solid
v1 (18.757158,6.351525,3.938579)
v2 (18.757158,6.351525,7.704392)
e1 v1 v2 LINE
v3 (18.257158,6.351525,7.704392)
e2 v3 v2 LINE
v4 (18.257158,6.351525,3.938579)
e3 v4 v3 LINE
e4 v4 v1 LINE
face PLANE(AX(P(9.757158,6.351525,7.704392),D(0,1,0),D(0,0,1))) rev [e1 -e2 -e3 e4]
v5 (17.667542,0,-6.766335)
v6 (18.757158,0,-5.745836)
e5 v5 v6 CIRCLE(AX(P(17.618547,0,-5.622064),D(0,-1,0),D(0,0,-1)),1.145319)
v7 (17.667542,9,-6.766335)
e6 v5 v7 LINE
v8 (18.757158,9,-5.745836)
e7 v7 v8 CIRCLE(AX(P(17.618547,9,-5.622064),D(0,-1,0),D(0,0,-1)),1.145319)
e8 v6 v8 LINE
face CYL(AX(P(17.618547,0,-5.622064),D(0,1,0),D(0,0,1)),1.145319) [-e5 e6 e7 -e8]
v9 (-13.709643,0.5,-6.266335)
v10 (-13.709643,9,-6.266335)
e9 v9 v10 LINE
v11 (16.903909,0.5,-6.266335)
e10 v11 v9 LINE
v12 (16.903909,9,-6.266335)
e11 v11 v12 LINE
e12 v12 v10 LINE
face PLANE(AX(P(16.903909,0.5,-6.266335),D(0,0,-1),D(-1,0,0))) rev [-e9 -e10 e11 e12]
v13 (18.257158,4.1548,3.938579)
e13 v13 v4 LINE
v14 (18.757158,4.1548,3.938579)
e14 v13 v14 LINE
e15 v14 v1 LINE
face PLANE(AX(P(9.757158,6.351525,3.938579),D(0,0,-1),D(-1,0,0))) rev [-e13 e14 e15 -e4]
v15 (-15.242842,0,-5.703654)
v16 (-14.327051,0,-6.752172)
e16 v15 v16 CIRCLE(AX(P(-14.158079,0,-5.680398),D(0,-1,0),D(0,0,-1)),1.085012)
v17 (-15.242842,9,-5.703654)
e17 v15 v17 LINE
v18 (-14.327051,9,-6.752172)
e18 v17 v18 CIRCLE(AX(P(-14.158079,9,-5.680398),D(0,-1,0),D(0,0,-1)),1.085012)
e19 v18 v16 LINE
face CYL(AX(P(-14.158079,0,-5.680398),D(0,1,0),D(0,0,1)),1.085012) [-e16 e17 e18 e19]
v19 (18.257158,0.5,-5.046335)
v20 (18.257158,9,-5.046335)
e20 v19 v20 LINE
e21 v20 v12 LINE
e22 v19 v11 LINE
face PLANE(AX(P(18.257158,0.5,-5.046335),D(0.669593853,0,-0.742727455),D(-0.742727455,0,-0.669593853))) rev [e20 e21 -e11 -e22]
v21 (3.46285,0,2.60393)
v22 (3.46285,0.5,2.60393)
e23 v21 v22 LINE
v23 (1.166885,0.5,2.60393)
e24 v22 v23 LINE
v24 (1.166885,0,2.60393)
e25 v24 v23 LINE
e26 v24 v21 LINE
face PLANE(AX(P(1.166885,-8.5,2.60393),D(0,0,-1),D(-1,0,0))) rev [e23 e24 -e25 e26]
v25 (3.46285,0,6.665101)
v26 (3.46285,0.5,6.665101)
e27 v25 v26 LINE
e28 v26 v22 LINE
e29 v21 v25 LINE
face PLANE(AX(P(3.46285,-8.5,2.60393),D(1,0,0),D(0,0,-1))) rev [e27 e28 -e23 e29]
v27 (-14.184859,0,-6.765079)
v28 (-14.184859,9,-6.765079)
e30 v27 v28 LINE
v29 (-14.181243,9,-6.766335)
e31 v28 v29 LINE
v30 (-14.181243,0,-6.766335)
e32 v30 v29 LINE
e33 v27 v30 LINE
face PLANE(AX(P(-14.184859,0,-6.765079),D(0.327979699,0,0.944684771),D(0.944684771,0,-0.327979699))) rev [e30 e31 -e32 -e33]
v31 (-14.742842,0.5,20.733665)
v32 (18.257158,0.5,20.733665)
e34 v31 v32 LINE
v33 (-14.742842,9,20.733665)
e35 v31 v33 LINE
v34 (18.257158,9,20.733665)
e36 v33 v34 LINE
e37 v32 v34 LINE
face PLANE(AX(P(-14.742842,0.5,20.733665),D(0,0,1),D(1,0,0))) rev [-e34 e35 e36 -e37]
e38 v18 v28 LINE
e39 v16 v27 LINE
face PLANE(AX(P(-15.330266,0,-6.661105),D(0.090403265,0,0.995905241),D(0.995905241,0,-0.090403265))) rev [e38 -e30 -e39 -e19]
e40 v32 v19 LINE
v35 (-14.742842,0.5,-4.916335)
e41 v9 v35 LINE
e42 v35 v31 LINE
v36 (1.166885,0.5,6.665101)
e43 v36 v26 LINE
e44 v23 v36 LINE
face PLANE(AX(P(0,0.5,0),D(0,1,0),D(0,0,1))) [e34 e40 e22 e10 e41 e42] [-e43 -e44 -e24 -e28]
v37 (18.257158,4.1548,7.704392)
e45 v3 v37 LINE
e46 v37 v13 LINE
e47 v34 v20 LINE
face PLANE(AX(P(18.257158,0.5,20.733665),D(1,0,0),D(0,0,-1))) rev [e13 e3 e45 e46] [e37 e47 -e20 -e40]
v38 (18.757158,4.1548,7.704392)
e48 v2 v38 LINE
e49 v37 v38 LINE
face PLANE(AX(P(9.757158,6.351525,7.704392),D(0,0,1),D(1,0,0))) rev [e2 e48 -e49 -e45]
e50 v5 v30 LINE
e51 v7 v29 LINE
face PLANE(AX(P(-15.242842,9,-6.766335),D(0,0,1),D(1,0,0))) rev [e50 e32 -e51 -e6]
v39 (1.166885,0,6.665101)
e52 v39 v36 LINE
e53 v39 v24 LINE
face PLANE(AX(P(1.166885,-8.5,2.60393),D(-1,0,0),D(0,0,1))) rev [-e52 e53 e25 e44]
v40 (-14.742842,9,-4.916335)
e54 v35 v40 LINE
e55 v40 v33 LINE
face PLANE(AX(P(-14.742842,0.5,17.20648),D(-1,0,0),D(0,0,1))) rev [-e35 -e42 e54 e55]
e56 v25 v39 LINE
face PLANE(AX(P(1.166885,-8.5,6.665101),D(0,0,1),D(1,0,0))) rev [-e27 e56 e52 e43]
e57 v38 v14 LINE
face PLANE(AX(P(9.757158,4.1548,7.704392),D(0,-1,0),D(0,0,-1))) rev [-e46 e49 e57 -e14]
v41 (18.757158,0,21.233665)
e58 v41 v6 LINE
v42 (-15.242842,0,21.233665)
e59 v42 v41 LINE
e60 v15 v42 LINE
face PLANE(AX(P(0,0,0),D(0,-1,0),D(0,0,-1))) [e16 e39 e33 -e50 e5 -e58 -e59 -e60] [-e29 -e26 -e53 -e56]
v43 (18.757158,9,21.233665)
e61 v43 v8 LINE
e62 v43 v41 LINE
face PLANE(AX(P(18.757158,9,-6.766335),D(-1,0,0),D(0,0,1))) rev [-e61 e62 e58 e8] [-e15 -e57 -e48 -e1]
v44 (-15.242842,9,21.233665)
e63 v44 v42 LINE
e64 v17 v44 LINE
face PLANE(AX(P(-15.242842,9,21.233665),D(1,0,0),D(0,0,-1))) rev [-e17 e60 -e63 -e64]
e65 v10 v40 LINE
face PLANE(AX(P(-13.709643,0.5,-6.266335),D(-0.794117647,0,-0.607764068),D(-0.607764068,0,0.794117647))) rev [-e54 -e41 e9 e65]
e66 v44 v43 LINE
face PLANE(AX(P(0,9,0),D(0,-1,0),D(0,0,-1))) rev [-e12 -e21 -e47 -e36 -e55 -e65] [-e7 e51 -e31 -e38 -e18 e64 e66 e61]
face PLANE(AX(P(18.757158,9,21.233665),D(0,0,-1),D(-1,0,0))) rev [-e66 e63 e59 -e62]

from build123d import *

# Parameters (mm, degrees)
SKETCH1_W           = 34
SKETCH1_H           = 28
BOSS_EXTRUDE1_DEPTH = 9
CUT_EXTRUDE1_DEPTH  = 8.5
CUT_EXTRUDE2_DEPTH  = 9
CUT_EXTRUDE3_DEPTH  = 9
SKETCH6_W           = 2.295965215
SKETCH6_H           = 4.061171394
CUT_EXTRUDE4_DEPTH  = 9
SKETCH7_W           = 3.765813474
SKETCH7_H           = 2.196724527
CUT_EXTRUDE5_DEPTH  = 9


with BuildPart() as part:
    # Sketch1 → Boss-Extrude1 (new body)
    with BuildSketch(Plane(origin=(0, 0, 0), x_dir=(1, 0, 0), z_dir=(0, 1, 0))):
        with Locations((1.757158316, -7.233665399)):
            Rectangle(SKETCH1_W, SKETCH1_H)
    extrude(amount=BOSS_EXTRUDE1_DEPTH)

    # Sketch3 → Cut-Extrude1 (cut)
    with BuildSketch(Plane(origin=(0, 9, 0), x_dir=(1, 0, 0), z_dir=(0, 1, 0))):
        Polygon((-13.709642768, 6.266334601), (-14.742841684, 4.916334601), (-14.742841684, -17.206480141), (-14.742841684, -20.733665399), (18.257158316, -20.733665399), (18.257158316, 5.046334601), (16.903908894, 6.266334601), align=None)
    extrude(amount=-CUT_EXTRUDE1_DEPTH, mode=Mode.SUBTRACT)

    # Sketch4 → Cut-Extrude2 (cut)
    with BuildSketch(Plane(origin=(0, 9, 0), x_dir=(1, 0, 0), z_dir=(0, 1, 0))):
        with BuildLine():
            Line((-15.242841684, 5.703653574), (-15.242841684, 6.766334601))
            Line((-15.242841684, 6.766334601), (-14.184858911, 6.765079364))
            ThreePointArc((-14.184858911, 6.765079364), (-14.926543667, 6.446369911), (-15.242841684, 5.703653574))
        make_face()
        with BuildLine():
            Line((18.763393814, 5.6549421), (18.757158316, 6.766334601))
            Line((18.757158316, 6.766334601), (17.66754215, 6.766334601))
            ThreePointArc((17.66754215, 6.766334601), (18.434091592, 6.4262049), (18.763393814, 5.6549421))
        make_face()
    extrude(amount=-CUT_EXTRUDE2_DEPTH, mode=Mode.SUBTRACT)

    # Sketch5 → Cut-Extrude3 (cut)
    with BuildSketch(Plane(origin=(0, 9, 0), x_dir=(1, 0, 0), z_dir=(0, 1, 0))):
        Polygon((-14.184858911, 6.765079364), (-14.181243432, 6.766334601), (-15.374291847, 6.820902747), (-15.330265958, 6.661105077), align=None)
    extrude(amount=-CUT_EXTRUDE3_DEPTH, mode=Mode.SUBTRACT)

    # Sketch6 → Cut-Extrude4 (cut)
    with BuildSketch(Plane(origin=(0, 0.5, 0), x_dir=(1, 0, 0), z_dir=(0, 1, 0))):
        with Locations((2.314867695, -4.634515707)):
            Rectangle(SKETCH6_W, SKETCH6_H)
    extrude(amount=-CUT_EXTRUDE4_DEPTH, mode=Mode.SUBTRACT)

    # Sketch7 → Cut-Extrude5 (cut)
    with BuildSketch(Plane(origin=(18.757158316, 0, 0), x_dir=(0, 0, -1), z_dir=(1, 0, 0))):
        with Locations((-5.821485346, 5.253162695)):
            Rectangle(SKETCH7_W, SKETCH7_H)
    extrude(amount=-CUT_EXTRUDE5_DEPTH, mode=Mode.SUBTRACT)


solid = part.part
